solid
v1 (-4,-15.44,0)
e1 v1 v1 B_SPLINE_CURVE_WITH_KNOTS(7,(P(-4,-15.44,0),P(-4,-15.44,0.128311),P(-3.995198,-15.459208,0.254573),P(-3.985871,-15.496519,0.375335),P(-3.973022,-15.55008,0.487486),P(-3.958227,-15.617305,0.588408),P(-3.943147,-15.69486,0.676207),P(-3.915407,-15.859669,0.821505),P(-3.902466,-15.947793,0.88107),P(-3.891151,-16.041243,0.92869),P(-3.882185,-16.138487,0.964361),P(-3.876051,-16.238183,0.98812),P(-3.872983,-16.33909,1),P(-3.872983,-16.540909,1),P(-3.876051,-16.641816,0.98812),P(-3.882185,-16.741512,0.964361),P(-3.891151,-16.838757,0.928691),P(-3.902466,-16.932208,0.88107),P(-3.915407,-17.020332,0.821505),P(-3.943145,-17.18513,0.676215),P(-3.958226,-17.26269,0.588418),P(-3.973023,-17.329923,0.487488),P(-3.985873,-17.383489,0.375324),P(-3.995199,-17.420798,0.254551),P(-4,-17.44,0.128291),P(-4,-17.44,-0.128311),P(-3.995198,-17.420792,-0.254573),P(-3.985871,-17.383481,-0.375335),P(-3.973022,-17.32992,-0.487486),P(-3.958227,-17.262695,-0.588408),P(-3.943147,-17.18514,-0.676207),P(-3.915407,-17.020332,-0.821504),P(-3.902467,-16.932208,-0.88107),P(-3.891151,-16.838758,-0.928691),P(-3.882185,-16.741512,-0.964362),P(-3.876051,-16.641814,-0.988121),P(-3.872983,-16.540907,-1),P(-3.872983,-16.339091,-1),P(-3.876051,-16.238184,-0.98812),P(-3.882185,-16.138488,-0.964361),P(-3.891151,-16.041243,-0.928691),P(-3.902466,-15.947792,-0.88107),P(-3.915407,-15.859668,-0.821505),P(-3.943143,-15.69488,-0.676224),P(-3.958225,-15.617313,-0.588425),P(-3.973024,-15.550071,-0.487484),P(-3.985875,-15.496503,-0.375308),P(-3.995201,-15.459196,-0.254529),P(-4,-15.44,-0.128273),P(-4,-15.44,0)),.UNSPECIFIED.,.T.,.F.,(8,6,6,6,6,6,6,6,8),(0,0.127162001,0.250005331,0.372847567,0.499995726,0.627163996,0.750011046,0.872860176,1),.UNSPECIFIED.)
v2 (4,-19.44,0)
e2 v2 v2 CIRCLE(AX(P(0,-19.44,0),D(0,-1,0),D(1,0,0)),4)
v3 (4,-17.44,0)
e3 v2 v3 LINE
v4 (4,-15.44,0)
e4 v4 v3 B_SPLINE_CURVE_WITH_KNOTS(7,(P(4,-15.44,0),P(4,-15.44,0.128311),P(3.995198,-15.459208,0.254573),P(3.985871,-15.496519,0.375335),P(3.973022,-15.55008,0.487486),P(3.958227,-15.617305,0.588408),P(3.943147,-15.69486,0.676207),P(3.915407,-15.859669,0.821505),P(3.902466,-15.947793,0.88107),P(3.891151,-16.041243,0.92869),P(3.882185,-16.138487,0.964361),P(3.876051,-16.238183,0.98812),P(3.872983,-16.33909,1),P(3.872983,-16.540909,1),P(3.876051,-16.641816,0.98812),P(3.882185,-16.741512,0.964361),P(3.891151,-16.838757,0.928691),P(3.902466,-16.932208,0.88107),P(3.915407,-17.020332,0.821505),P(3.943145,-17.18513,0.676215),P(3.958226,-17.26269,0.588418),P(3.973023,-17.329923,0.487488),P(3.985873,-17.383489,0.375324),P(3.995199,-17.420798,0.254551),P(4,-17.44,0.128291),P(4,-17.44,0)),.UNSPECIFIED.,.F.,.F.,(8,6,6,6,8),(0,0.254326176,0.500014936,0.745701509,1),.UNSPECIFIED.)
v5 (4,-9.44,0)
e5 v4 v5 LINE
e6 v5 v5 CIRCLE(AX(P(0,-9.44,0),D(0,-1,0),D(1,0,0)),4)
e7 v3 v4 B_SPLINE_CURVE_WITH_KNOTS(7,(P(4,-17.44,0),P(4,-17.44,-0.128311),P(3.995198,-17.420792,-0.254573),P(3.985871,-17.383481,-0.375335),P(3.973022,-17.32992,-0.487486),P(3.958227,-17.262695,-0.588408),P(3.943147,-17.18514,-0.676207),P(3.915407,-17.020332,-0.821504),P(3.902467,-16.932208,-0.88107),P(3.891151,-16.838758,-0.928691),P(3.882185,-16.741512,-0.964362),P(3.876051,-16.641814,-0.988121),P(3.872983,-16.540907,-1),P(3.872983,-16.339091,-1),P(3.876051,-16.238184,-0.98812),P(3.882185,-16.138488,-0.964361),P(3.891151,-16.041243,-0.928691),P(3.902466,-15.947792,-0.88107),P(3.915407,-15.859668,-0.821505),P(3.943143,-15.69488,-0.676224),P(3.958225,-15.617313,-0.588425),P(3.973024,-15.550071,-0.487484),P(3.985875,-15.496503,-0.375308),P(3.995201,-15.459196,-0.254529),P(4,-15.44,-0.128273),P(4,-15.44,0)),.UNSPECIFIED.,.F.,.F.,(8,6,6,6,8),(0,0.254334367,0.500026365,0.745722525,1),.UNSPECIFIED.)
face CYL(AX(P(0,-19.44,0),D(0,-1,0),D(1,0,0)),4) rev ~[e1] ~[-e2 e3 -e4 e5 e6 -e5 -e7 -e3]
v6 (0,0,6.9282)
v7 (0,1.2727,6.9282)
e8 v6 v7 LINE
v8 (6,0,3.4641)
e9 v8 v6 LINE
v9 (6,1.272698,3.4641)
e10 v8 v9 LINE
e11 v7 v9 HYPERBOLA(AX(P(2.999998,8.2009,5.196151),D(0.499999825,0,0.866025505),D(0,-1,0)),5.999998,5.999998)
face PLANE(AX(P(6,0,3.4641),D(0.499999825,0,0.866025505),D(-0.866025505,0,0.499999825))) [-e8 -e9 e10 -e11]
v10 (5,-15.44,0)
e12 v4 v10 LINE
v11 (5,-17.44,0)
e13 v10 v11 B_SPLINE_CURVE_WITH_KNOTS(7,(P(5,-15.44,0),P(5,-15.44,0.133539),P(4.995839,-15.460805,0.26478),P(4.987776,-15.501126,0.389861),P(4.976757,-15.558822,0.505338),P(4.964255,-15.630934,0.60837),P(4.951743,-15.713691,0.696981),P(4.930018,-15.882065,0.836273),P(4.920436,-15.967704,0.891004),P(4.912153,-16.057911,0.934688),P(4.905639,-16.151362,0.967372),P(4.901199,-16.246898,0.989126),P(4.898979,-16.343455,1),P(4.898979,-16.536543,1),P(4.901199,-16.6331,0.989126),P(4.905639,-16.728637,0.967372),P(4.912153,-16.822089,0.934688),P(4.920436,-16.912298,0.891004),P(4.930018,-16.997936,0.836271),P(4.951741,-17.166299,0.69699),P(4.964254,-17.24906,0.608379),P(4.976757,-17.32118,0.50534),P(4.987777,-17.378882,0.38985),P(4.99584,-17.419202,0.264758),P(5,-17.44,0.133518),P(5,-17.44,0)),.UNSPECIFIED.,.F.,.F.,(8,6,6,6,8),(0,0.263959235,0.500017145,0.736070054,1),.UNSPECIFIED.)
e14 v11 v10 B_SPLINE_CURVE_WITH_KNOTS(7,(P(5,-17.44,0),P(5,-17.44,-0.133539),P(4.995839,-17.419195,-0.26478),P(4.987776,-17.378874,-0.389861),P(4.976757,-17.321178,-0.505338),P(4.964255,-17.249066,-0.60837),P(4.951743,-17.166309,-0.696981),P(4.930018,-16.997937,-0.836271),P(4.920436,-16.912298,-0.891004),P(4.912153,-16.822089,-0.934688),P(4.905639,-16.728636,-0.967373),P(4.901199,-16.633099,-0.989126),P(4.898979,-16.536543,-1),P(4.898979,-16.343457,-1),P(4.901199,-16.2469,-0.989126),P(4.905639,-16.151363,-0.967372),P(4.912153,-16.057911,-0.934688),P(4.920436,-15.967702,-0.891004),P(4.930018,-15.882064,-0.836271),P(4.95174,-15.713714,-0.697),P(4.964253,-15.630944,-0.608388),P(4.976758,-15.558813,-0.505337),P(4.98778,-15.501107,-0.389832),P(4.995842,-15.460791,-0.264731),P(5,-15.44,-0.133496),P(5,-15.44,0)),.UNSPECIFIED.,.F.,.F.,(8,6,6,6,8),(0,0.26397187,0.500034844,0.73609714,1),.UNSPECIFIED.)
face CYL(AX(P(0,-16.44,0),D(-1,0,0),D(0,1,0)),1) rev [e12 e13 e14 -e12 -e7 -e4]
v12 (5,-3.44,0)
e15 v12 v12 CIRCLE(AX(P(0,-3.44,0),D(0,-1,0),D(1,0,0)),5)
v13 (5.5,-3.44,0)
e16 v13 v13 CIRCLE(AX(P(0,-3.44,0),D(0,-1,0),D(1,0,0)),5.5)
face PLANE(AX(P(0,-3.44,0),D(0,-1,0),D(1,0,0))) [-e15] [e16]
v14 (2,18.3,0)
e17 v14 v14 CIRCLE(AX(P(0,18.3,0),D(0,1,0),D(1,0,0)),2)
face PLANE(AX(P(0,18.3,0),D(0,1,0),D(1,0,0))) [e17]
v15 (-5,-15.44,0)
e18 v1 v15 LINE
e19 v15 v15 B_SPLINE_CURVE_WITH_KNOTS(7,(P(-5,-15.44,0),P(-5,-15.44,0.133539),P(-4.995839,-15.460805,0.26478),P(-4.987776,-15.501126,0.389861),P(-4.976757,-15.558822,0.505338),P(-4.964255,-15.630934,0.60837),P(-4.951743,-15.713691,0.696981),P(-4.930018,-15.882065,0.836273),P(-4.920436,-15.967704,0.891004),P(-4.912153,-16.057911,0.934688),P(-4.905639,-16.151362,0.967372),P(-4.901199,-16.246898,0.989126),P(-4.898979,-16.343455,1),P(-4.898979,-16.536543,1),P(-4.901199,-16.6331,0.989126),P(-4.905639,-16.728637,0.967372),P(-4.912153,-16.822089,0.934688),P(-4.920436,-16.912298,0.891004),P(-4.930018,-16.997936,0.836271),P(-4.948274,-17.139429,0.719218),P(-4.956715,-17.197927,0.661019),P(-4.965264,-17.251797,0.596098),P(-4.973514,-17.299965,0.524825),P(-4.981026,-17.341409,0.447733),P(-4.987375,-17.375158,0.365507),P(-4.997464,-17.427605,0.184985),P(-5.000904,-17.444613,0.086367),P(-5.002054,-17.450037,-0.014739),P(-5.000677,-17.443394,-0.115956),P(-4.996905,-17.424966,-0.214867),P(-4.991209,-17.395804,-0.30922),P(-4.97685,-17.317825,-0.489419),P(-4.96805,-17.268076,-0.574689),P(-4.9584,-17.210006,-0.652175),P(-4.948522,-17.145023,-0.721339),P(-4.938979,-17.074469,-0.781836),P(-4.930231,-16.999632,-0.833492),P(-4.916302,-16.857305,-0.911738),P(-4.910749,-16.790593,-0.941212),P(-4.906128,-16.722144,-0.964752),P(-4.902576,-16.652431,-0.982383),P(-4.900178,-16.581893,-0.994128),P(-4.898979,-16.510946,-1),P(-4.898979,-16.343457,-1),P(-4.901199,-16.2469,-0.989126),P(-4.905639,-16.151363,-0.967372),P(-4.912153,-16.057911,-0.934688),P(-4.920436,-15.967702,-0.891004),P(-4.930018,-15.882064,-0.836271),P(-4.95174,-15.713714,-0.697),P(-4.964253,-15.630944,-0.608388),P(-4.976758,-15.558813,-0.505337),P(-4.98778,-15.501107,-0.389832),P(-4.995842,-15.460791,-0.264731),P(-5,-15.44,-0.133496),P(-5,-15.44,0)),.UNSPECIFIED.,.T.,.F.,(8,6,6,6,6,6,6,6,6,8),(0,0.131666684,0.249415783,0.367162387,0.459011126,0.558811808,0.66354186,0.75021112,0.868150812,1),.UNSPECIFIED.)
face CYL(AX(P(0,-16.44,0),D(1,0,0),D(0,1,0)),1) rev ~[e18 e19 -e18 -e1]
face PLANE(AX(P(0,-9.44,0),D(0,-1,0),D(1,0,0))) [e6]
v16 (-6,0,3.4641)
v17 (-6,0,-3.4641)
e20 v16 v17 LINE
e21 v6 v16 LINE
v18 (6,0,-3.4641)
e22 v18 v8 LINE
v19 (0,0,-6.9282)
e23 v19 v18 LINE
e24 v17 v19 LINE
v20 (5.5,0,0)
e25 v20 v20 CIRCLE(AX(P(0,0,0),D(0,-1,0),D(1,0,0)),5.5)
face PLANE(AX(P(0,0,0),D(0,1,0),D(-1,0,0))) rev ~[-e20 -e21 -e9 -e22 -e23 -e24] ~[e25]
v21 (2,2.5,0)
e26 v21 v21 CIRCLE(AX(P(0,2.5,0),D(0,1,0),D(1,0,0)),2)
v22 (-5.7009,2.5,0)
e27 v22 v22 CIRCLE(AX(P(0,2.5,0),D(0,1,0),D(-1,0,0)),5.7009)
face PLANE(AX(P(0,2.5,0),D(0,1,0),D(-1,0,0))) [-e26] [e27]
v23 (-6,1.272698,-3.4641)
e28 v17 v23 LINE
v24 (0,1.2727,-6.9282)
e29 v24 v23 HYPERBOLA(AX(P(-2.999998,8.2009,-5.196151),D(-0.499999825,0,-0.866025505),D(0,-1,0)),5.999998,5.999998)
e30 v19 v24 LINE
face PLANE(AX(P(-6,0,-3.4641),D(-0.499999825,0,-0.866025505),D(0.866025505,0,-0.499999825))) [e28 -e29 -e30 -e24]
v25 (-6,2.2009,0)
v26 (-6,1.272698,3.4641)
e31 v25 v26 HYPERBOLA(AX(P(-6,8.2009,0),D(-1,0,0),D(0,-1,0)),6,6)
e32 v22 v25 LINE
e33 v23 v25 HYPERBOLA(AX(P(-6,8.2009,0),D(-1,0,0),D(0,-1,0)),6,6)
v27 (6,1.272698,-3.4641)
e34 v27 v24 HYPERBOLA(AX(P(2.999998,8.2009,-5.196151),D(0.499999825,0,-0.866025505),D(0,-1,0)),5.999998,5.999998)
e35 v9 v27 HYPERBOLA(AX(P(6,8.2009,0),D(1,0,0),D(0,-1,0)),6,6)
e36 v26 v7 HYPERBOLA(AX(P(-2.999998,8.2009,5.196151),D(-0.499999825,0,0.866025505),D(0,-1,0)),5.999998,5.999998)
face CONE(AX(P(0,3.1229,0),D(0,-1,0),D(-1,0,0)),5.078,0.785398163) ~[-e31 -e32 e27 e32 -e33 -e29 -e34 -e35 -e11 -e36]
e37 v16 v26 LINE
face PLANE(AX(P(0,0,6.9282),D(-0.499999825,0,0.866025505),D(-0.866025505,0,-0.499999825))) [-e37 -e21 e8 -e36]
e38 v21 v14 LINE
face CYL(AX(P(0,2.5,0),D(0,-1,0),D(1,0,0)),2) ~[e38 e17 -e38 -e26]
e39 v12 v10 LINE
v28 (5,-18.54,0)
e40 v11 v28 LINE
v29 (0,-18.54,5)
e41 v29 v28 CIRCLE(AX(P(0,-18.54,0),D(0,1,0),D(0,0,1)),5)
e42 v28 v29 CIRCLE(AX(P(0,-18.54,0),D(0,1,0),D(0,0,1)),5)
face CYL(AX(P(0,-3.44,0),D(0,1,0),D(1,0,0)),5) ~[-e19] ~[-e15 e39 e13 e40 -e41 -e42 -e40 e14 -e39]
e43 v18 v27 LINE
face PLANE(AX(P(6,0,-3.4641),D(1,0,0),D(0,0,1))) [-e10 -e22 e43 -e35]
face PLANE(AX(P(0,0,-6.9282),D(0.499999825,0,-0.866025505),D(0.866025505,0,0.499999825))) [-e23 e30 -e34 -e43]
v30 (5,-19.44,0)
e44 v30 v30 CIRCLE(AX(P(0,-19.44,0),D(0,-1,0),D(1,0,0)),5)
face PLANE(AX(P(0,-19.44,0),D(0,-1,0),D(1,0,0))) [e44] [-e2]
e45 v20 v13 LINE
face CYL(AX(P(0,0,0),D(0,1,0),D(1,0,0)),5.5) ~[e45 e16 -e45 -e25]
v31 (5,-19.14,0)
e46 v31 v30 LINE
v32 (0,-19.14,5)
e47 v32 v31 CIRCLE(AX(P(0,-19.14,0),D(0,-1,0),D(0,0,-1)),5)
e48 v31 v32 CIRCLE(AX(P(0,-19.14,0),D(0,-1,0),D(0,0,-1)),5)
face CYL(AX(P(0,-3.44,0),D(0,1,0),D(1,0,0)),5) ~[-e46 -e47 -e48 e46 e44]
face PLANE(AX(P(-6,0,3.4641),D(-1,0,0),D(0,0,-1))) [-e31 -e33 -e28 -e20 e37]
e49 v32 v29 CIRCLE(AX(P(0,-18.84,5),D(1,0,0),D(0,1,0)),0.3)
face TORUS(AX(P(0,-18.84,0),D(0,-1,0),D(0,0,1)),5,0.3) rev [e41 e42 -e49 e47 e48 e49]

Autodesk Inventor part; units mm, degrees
ref_plane "YZ Plane" through (0, 0, 0) normal (1, 0, 0) x (0, 1, 0)
ref_plane "XZ Plane" through (0, 0, 0) normal (0, 1, 0) x (-1, 0, 0)
ref_plane "XY Plane" through (0, 0, 0) normal (0, 0, 1) x (1, 0, 0)
sketch "Sketch1" plane through (0, 0, 0) normal (0, 1, 0) x (-1, 0, 0)
  line L0 (0, -6.9282) -> (-6, -3.4641)
  line L1 (-6, -3.4641) -> (-6, 3.4641)
  line L2 (-6, 3.4641) -> (0, 6.9282)
  line L3 (0, 6.9282) -> (6, 3.4641)
  line L4 (6, 3.4641) -> (6, -3.4641)
  line L5 (6, -3.4641) -> (0, -6.9282)
  point P0 (0, 0)
  point P1 (0, 0)
  dimension "d0" = 12
extrude "Extrusion1" add sketch "Sketch1" along normal blind 2.5
sketch "Sketch2" plane through (0, 2.5, 0) normal (0, 1, 0) x (1, 0, 0)
  circle A0 centre (0, 0) radius 2
  dimension "d3" = 4
extrude "Extrusion2" add sketch "Sketch2" along normal blind 15.8
thread "Thread1" size "M4x0.7" class "6g" standard "ANSI Metric M Profile" length 8
sketch "Sketch3" plane through (0, 0, 0) normal (0, -1, 0) x (1, 0, 0)
  circle A0 centre (0, 0) radius 5.5
  dimension "d8" = 11
extrude "Extrusion3" add sketch "Sketch3" along normal blind 3.44
sketch "Sketch4" plane through (0, -3.44, 0) normal (0, -1, 0) x (1, 0, 0)
  circle A0 centre (0, 0) radius 5.5 projected
  circle A1 centre (0, 0) radius 5
  dimension "d11" = 10
extrude "Extrusion4" add sketch "Sketch4" along normal blind 16 contours A1
sketch "Sketch5" plane through (0, -19.44, 0) normal (0, -1, 0) x (1, 0, 0)
  circle A0 centre (0, 0) radius 5 projected
  circle A1 centre (0, 0) radius 4
  dimension "d14" = 8
extrude "Extrusion5" cut sketch "Sketch5" against normal blind 10 contours A1
sketch "Sketch6" plane through (0, 0, 0) normal (1, 0, 0) x (0, 1, 0)
  circle A0 centre (-16.44, 0) radius 1
  line L0 (-19.44, -4) -> (-19.44, 4) projected
  point P0 (0, 0)
  dimension "d17" = 2
  dimension "d18" = 3
extrude "Extrusion6" cut sketch "Sketch6" along normal mid plane 14
sketch "Sketch7" plane through (0, 0, 0) normal (1, 0, 0) x (0, 1, 0)
  line L0 (2.5, -6.9282) -> (0, -6.9282) construction
  line L1 (0, -6.9282) -> (0, -5.5) construction
  line L2 (0, -5.5) -> (-3.44, -5.5) construction
  line L3 (-3.44, -5.5) -> (-3.44, -5) construction
  line L4 (-3.44, -5) -> (-19.44, -5) construction
  line L5 (-19.44, -5) -> (-19.44, -4) construction
  line L6 (-19.44, -4) -> (-9.44, -4) construction
  line L7 (-9.44, -4) -> (-9.44, 4) construction
  line L8 (-9.44, 4) -> (-19.44, 4) construction
  line L9 (-19.44, 4) -> (-19.44, 5) construction
  line L10 (-19.44, 5) -> (-3.44, 5) construction
  line L11 (-3.44, 5) -> (-3.44, 5.5) construction
  line L12 (-3.44, 5.5) -> (0, 5.5) construction
  line L13 (0, 5.5) -> (0, 6.9282) construction
  line L14 (0, 6.9282) -> (2.5, 6.9282) construction
  line L15 (2.5, 6.9282) -> (2.5, 2) construction
  line L16 (2.5, 2) -> (18.3, 2) construction
  line L17 (18.3, 2) -> (18.3, -2) construction
  line L18 (18.3, -2) -> (2.5, -2) construction
  line L19 (2.5, -2) -> (2.5, -6.9282) construction
  circle A0 centre (-18.84, 5) radius 0.3
  line L20 (-19.44, -4) -> (-19.44, 4) projected
  line L21 (-26.988, 0) -> (25.848, 0) projected
  point P0 (0, 0)
  dimension "d21" = 0.6
  dimension "d22" = 0.6
revolve "Revolution1" cut sketch "Sketch7" angle 360 about axis through (0, -10, 0) along (0, 1, 0)
sketch "Sketch8" plane through (0, 0, 0) normal (0, 0, 1) x (1, 0, 0)
  line L0 (-5.078, 3.1229) -> (-8.0424, 0.1585)
  line L1 (-8.0424, 0.1585) -> (-8.4208, 3.1229)
  line L2 (-8.4208, 3.1229) -> (-5.078, 3.1229)
  line L3 (-6, 2.5) -> (0, 2.5) projected
  line L4 (0, -26.988) -> (0, 25.848) projected
  point P0 (0, 0)
  dimension "d24" = 45
revolve "Revolution2" cut sketch "Sketch8" angle 360 about axis through (0, -10, 0) along (0, 1, 0)
properties part number "500-126" material "Steel"
